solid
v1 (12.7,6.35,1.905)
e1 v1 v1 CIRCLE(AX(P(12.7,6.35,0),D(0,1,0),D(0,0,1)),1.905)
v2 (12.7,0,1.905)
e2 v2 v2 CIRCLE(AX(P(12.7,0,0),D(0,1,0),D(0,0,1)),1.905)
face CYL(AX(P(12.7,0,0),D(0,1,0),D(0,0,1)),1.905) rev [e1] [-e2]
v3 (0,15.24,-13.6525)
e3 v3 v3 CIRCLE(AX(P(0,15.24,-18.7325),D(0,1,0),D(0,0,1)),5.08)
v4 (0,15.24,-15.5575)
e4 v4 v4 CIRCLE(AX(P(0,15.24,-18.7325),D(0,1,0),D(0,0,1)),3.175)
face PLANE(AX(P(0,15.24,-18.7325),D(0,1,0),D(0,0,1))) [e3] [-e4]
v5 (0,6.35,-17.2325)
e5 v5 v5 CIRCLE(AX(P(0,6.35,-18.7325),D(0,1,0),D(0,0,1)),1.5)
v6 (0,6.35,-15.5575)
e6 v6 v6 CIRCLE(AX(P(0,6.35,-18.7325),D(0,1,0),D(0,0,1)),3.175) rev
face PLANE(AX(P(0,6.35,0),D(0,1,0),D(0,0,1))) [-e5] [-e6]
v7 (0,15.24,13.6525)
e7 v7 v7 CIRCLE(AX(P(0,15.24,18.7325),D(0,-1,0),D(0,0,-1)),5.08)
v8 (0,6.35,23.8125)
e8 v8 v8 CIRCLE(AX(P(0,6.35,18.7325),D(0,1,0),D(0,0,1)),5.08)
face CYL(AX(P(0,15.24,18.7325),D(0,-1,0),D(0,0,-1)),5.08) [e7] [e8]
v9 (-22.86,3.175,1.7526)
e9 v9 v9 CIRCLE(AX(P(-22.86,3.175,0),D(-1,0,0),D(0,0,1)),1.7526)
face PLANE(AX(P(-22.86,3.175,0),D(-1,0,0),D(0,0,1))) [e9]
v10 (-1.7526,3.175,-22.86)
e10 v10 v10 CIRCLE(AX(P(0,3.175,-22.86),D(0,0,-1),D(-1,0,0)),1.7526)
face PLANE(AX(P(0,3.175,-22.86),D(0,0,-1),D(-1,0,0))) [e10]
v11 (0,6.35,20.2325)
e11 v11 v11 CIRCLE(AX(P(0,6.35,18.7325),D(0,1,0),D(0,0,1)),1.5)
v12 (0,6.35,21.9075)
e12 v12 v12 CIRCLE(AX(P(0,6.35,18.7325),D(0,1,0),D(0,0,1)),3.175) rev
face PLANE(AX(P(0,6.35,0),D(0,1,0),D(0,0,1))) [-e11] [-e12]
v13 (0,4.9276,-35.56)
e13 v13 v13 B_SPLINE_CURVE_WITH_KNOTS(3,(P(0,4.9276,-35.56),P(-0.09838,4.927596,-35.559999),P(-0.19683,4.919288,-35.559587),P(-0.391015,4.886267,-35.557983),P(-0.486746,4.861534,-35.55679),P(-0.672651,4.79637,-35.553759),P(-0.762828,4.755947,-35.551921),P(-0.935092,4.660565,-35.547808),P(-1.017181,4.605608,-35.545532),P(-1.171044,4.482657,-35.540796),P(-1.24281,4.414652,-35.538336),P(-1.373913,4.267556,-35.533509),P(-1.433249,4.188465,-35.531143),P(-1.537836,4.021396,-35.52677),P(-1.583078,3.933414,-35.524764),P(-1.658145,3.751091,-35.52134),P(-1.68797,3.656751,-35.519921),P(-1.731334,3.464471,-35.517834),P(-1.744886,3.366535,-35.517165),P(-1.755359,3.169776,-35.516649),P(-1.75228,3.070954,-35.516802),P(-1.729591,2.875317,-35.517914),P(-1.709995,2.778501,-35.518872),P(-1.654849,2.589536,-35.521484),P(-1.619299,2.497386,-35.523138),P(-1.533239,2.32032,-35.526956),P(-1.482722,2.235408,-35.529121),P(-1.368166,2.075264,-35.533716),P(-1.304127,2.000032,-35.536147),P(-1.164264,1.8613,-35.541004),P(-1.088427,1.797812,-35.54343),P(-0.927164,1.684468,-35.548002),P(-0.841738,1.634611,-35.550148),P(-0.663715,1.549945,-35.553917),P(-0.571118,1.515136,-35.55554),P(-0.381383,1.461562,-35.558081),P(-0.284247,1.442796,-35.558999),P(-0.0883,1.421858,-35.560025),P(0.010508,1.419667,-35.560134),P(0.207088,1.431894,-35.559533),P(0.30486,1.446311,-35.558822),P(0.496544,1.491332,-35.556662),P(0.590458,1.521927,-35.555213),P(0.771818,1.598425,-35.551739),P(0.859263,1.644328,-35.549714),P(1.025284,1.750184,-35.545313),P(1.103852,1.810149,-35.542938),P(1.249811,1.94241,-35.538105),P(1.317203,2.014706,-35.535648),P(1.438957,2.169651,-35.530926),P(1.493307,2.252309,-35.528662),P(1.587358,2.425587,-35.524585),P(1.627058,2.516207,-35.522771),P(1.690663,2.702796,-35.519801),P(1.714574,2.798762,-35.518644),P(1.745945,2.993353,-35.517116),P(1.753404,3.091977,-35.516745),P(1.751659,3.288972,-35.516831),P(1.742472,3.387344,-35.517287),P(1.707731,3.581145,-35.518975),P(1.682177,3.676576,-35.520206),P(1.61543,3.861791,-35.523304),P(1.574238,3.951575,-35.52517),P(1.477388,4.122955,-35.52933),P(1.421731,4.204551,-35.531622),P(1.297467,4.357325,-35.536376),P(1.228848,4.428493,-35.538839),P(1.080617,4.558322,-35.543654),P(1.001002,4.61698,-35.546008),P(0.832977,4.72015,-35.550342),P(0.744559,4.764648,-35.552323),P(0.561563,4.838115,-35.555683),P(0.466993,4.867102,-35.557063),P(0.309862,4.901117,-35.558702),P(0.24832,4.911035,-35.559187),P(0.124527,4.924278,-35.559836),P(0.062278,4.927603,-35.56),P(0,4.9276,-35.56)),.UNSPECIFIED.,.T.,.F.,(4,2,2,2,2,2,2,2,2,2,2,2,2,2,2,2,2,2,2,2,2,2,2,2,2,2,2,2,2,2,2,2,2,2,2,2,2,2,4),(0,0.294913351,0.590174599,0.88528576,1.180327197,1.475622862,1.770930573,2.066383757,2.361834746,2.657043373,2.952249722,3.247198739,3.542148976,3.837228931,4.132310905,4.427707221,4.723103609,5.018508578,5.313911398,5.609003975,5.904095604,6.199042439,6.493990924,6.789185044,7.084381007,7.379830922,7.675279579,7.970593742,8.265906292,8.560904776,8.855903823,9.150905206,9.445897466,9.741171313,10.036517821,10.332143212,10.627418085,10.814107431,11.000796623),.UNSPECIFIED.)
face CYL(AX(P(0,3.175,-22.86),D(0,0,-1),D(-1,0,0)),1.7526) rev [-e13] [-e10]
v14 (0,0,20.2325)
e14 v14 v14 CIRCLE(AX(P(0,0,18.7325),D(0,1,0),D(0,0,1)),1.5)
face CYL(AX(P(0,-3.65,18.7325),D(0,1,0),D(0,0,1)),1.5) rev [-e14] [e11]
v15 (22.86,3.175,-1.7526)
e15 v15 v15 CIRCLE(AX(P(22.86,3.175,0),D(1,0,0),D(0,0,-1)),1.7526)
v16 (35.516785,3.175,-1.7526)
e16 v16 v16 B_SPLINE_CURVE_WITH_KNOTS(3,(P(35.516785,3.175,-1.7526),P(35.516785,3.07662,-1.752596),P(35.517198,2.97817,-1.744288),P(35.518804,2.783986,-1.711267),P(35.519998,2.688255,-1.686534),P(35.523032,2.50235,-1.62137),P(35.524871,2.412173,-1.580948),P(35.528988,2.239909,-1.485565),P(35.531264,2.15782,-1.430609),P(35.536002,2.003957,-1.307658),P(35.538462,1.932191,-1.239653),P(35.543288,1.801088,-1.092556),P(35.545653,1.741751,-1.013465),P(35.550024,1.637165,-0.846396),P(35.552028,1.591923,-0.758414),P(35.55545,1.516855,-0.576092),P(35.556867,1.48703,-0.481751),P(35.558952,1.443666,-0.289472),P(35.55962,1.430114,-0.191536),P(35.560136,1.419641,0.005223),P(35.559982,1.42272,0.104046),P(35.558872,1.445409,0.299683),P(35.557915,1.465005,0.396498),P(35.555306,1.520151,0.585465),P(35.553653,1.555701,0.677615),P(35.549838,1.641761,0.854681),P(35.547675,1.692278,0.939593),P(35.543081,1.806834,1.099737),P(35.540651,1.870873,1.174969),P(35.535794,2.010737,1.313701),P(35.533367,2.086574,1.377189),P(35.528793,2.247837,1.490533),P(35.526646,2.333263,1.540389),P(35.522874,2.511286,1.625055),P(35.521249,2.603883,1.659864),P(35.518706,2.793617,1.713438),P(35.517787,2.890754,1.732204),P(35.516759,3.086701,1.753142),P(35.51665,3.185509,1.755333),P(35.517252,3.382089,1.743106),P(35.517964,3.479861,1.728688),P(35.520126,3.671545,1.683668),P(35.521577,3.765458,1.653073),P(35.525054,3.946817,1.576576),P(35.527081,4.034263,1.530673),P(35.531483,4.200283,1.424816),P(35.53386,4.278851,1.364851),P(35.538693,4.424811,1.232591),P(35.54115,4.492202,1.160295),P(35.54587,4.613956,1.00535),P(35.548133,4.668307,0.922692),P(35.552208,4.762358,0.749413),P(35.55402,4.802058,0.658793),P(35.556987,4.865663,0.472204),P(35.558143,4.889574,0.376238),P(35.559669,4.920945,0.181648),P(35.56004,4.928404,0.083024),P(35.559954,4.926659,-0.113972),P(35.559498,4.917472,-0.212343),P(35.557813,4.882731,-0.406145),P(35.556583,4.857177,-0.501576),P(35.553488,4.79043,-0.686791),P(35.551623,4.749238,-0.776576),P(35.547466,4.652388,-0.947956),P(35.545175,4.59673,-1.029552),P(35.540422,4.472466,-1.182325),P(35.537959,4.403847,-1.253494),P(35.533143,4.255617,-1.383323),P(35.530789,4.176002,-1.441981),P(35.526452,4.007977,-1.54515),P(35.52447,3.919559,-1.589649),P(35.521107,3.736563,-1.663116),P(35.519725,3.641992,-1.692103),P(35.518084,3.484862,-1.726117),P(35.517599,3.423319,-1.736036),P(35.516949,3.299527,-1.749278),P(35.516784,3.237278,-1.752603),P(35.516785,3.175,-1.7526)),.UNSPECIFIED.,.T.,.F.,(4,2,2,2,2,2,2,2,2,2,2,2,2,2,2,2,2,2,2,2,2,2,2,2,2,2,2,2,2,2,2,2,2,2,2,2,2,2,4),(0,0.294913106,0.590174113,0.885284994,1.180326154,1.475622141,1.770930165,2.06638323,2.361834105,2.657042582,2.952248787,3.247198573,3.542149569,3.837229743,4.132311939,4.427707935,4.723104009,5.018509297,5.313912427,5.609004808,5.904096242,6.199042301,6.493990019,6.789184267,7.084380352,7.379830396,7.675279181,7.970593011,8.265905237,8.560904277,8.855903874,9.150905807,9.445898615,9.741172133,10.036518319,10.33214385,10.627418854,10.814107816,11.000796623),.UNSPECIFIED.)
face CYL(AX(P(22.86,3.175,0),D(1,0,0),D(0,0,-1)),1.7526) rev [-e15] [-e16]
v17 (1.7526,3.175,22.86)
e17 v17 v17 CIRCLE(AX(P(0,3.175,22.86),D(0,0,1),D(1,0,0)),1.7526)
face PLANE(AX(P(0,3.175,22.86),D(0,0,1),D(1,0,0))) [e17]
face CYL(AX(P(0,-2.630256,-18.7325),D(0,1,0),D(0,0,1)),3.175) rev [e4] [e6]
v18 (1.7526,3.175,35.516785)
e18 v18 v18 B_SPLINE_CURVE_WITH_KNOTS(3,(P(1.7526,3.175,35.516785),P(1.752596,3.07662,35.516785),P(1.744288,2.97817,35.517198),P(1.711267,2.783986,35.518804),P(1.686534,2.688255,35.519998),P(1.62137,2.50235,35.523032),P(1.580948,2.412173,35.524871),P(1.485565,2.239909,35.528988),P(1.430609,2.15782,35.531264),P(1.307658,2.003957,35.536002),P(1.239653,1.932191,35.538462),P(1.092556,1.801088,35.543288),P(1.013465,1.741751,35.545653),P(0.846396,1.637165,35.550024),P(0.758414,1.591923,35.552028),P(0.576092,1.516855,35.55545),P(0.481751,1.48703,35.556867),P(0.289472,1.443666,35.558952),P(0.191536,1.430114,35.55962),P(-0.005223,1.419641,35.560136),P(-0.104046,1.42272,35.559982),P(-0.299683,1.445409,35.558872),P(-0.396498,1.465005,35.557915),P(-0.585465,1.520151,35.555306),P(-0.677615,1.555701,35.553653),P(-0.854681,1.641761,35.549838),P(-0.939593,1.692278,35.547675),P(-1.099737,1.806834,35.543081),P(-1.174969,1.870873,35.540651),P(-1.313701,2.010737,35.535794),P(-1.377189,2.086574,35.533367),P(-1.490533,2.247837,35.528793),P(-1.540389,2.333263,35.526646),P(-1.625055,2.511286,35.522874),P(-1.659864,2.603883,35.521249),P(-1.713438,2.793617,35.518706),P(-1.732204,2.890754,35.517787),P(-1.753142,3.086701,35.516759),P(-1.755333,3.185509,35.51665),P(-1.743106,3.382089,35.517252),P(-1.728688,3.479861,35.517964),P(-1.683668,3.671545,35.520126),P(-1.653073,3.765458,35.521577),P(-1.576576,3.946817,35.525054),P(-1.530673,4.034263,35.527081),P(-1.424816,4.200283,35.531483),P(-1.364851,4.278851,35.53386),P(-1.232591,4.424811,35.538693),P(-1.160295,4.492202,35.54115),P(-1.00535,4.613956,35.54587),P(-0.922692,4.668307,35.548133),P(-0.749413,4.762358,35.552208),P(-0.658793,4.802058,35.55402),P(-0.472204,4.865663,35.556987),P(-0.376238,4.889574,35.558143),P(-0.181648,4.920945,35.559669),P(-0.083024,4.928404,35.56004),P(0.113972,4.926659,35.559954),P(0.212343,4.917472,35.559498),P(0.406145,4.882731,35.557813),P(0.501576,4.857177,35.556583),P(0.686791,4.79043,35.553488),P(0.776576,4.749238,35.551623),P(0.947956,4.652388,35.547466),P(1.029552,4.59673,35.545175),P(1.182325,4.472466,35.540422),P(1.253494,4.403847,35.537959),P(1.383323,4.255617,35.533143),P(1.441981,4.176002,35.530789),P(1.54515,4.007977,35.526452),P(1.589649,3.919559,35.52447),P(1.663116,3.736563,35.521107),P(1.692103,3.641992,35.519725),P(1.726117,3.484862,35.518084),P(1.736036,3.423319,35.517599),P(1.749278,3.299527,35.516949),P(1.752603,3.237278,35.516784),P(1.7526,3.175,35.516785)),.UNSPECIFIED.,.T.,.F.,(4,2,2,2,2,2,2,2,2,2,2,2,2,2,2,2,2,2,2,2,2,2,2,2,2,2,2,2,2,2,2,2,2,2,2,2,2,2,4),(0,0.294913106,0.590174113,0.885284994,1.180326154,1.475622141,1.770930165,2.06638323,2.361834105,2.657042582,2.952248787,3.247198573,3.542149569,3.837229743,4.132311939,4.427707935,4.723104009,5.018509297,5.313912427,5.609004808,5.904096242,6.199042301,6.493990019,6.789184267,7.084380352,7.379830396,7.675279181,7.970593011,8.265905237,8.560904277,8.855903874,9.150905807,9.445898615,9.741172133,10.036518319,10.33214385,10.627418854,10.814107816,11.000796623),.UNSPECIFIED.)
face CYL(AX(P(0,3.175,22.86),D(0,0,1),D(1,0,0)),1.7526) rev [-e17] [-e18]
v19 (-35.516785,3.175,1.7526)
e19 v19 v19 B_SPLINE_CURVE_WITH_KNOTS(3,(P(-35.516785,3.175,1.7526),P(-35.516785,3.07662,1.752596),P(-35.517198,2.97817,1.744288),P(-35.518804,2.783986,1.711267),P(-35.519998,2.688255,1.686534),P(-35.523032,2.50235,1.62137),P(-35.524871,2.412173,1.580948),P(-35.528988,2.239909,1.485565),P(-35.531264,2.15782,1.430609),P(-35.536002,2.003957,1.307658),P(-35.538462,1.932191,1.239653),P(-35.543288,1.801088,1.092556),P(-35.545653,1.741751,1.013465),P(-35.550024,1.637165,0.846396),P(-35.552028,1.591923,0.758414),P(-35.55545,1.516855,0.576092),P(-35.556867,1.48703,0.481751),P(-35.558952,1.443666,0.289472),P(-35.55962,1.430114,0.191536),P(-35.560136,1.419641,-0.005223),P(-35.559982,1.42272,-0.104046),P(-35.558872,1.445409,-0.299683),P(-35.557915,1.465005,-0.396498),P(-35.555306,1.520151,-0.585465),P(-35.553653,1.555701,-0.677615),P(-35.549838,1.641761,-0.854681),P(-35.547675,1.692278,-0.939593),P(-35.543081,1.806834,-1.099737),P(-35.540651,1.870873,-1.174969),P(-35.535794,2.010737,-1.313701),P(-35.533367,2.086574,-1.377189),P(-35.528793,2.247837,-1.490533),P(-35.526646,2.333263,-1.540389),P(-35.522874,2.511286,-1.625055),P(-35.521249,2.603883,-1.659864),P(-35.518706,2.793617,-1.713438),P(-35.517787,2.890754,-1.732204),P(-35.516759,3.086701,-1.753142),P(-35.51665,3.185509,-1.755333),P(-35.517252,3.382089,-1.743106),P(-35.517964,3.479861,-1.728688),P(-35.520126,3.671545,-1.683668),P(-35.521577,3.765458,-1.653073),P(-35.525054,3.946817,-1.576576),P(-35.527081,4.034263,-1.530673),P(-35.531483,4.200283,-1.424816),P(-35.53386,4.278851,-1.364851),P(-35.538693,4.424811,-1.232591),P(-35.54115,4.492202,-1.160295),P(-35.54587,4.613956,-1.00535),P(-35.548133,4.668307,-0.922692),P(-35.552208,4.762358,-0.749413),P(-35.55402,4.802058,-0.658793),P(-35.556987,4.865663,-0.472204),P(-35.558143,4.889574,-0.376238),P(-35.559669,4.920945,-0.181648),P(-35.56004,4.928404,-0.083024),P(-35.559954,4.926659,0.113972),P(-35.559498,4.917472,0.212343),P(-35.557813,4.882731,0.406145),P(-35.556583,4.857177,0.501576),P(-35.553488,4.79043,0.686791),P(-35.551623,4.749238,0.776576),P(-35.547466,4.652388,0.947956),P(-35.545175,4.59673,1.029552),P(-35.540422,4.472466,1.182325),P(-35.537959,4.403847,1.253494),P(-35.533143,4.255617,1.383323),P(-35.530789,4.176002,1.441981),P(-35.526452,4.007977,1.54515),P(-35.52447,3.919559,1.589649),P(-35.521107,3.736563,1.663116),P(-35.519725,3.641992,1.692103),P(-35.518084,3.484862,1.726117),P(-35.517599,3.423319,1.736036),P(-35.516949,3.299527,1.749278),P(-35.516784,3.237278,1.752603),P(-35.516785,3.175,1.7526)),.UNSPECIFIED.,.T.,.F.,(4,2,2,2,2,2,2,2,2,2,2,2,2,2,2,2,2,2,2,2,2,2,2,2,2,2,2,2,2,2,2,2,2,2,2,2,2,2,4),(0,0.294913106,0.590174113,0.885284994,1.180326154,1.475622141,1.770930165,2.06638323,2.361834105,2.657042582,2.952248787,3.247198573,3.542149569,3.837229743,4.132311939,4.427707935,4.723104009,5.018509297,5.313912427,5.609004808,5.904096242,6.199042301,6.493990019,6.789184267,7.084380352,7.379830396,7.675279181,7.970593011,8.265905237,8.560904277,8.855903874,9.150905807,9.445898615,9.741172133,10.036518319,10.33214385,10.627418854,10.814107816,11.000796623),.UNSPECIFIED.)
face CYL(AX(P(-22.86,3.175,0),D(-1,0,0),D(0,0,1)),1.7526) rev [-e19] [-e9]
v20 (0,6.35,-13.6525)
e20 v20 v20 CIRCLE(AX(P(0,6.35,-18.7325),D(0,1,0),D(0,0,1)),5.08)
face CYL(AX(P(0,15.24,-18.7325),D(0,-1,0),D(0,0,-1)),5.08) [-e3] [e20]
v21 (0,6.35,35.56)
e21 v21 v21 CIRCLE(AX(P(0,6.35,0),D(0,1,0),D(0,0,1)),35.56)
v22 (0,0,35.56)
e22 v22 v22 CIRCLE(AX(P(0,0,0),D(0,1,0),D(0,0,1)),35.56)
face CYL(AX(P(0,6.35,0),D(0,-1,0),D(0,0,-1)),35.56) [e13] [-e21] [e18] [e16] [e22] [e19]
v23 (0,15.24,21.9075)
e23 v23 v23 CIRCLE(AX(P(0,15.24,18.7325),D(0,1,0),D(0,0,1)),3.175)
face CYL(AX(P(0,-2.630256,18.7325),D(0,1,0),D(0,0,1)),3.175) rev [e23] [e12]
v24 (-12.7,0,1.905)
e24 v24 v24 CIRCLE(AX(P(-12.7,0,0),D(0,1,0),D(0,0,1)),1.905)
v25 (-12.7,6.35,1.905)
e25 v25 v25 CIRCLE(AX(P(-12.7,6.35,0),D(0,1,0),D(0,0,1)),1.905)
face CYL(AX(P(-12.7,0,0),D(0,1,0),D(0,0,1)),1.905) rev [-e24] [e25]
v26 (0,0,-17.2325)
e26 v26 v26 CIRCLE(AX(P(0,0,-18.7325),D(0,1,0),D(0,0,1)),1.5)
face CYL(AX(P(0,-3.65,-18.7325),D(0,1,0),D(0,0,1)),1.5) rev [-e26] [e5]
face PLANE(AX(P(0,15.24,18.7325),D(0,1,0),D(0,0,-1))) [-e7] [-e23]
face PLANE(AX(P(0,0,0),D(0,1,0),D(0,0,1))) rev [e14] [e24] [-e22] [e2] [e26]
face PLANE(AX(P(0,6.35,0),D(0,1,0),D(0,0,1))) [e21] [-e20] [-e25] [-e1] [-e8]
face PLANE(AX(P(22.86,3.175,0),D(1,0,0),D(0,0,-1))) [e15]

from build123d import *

# Parameters (mm, degrees)
SKETCH1_R           = 35.56
BOSS_EXTRUDE1_DEPTH = 6.35
SKETCH3_R           = 1.905
CUT_EXTRUDE1_DEPTH  = 6.35
SKETCH4_R           = 5.08
SKETCH4_R_2         = 2.54
BOSS_EXTRUDE2_DEPTH = 8.89
SKETCH5_R           = 1.5
CUT_EXTRUDE2_DEPTH  = 10
SKETCH6_R           = 3.175
CUT_EXTRUDE3_DEPTH  = 8.89
CUT_EXTRUDE4_START  = 40.64
SKETCH8_R           = 1.7526
CUT_EXTRUDE4_DEPTH  = 17.78
CIRPATTERN1_COUNT   = 4


with BuildPart() as part:
    # Sketch1 → Boss-Extrude1 (new body)
    with BuildSketch(Plane(origin=(0, 0, 0), x_dir=(1, 0, 0), z_dir=(0, 1, 0))):
        with Locations(Location((0, 0, 0), (0, 0, 270))):
            Circle(SKETCH1_R)
    extrude(amount=BOSS_EXTRUDE1_DEPTH)

    # Sketch3 → Cut-Extrude1 (cut)
    with BuildSketch(Plane(origin=(0, 6.35, 0), x_dir=(1, 0, 0), z_dir=(0, 1, 0))):
        with Locations(Location((-12.7, 0, 0), (0, 0, 270))):
            Circle(SKETCH3_R)
        with Locations(Location((12.7, 0, 0), (0, 0, 270))):
            Circle(SKETCH3_R)
    extrude(amount=-CUT_EXTRUDE1_DEPTH, mode=Mode.SUBTRACT)

    # Sketch4 → Boss-Extrude2 (add)
    with BuildSketch(Plane(origin=(0, 6.35, 0), x_dir=(1, 0, 0), z_dir=(0, 1, 0))):
        with Locations(Location((0, 18.7325, 0), (0, 0, 270))):
            Circle(SKETCH4_R)
        with Locations(Location((0, 18.7325, 0), (0, 0, 270))):
            Circle(SKETCH4_R_2, mode=Mode.SUBTRACT)
    boss_extrude2 = extrude(amount=BOSS_EXTRUDE2_DEPTH)

    # Mirror1: Boss-Extrude2 across plane
    add(boss_extrude2.mirror(Plane.XY))

    # Sketch5 → Cut-Extrude2 (cut)
    with BuildSketch(Plane(origin=(0, 6.35, 0), x_dir=(1, 0, 0), z_dir=(0, 1, 0))):
        with Locations(Location((0, 18.7325, 0), (0, 0, 270))):
            Circle(SKETCH5_R)
        with Locations(Location((0, -18.7325, 0), (0, 0, 270))):
            Circle(SKETCH5_R)
    extrude(amount=-CUT_EXTRUDE2_DEPTH, mode=Mode.SUBTRACT)

    # Sketch6 → Cut-Extrude3 (cut)
    with BuildSketch(Plane(origin=(0, 15.24, 0), x_dir=(1, 0, 0), z_dir=(0, 1, 0))):
        with Locations(Location((0, 18.7325, 0), (0, 0, 270))):
            Circle(SKETCH6_R)
        with Locations(Location((0, -18.7325, 0), (0, 0, 270))):
            Circle(SKETCH6_R)
    extrude(amount=-CUT_EXTRUDE3_DEPTH, mode=Mode.SUBTRACT)

    # Sketch8 → Cut-Extrude4 (cut)
    with BuildSketch(Plane(origin=(0, 0, 0), x_dir=(0, 0, -1), z_dir=(1, 0, 0)).offset(CUT_EXTRUDE4_START)):
        with Locations((0, 3.175)):
            Circle(SKETCH8_R)
    cut_extrude4 = extrude(amount=-CUT_EXTRUDE4_DEPTH, mode=Mode.SUBTRACT)

    # CirPattern1: Cut-Extrude4 ×4 about axis
    cirpattern1_axis = Axis((0, 0, 0), (0, 1, 0))
    for i in range(1, CIRPATTERN1_COUNT):
        add(cut_extrude4.rotate(cirpattern1_axis, i * 360 / CIRPATTERN1_COUNT), mode=Mode.SUBTRACT)


solid = part.part
